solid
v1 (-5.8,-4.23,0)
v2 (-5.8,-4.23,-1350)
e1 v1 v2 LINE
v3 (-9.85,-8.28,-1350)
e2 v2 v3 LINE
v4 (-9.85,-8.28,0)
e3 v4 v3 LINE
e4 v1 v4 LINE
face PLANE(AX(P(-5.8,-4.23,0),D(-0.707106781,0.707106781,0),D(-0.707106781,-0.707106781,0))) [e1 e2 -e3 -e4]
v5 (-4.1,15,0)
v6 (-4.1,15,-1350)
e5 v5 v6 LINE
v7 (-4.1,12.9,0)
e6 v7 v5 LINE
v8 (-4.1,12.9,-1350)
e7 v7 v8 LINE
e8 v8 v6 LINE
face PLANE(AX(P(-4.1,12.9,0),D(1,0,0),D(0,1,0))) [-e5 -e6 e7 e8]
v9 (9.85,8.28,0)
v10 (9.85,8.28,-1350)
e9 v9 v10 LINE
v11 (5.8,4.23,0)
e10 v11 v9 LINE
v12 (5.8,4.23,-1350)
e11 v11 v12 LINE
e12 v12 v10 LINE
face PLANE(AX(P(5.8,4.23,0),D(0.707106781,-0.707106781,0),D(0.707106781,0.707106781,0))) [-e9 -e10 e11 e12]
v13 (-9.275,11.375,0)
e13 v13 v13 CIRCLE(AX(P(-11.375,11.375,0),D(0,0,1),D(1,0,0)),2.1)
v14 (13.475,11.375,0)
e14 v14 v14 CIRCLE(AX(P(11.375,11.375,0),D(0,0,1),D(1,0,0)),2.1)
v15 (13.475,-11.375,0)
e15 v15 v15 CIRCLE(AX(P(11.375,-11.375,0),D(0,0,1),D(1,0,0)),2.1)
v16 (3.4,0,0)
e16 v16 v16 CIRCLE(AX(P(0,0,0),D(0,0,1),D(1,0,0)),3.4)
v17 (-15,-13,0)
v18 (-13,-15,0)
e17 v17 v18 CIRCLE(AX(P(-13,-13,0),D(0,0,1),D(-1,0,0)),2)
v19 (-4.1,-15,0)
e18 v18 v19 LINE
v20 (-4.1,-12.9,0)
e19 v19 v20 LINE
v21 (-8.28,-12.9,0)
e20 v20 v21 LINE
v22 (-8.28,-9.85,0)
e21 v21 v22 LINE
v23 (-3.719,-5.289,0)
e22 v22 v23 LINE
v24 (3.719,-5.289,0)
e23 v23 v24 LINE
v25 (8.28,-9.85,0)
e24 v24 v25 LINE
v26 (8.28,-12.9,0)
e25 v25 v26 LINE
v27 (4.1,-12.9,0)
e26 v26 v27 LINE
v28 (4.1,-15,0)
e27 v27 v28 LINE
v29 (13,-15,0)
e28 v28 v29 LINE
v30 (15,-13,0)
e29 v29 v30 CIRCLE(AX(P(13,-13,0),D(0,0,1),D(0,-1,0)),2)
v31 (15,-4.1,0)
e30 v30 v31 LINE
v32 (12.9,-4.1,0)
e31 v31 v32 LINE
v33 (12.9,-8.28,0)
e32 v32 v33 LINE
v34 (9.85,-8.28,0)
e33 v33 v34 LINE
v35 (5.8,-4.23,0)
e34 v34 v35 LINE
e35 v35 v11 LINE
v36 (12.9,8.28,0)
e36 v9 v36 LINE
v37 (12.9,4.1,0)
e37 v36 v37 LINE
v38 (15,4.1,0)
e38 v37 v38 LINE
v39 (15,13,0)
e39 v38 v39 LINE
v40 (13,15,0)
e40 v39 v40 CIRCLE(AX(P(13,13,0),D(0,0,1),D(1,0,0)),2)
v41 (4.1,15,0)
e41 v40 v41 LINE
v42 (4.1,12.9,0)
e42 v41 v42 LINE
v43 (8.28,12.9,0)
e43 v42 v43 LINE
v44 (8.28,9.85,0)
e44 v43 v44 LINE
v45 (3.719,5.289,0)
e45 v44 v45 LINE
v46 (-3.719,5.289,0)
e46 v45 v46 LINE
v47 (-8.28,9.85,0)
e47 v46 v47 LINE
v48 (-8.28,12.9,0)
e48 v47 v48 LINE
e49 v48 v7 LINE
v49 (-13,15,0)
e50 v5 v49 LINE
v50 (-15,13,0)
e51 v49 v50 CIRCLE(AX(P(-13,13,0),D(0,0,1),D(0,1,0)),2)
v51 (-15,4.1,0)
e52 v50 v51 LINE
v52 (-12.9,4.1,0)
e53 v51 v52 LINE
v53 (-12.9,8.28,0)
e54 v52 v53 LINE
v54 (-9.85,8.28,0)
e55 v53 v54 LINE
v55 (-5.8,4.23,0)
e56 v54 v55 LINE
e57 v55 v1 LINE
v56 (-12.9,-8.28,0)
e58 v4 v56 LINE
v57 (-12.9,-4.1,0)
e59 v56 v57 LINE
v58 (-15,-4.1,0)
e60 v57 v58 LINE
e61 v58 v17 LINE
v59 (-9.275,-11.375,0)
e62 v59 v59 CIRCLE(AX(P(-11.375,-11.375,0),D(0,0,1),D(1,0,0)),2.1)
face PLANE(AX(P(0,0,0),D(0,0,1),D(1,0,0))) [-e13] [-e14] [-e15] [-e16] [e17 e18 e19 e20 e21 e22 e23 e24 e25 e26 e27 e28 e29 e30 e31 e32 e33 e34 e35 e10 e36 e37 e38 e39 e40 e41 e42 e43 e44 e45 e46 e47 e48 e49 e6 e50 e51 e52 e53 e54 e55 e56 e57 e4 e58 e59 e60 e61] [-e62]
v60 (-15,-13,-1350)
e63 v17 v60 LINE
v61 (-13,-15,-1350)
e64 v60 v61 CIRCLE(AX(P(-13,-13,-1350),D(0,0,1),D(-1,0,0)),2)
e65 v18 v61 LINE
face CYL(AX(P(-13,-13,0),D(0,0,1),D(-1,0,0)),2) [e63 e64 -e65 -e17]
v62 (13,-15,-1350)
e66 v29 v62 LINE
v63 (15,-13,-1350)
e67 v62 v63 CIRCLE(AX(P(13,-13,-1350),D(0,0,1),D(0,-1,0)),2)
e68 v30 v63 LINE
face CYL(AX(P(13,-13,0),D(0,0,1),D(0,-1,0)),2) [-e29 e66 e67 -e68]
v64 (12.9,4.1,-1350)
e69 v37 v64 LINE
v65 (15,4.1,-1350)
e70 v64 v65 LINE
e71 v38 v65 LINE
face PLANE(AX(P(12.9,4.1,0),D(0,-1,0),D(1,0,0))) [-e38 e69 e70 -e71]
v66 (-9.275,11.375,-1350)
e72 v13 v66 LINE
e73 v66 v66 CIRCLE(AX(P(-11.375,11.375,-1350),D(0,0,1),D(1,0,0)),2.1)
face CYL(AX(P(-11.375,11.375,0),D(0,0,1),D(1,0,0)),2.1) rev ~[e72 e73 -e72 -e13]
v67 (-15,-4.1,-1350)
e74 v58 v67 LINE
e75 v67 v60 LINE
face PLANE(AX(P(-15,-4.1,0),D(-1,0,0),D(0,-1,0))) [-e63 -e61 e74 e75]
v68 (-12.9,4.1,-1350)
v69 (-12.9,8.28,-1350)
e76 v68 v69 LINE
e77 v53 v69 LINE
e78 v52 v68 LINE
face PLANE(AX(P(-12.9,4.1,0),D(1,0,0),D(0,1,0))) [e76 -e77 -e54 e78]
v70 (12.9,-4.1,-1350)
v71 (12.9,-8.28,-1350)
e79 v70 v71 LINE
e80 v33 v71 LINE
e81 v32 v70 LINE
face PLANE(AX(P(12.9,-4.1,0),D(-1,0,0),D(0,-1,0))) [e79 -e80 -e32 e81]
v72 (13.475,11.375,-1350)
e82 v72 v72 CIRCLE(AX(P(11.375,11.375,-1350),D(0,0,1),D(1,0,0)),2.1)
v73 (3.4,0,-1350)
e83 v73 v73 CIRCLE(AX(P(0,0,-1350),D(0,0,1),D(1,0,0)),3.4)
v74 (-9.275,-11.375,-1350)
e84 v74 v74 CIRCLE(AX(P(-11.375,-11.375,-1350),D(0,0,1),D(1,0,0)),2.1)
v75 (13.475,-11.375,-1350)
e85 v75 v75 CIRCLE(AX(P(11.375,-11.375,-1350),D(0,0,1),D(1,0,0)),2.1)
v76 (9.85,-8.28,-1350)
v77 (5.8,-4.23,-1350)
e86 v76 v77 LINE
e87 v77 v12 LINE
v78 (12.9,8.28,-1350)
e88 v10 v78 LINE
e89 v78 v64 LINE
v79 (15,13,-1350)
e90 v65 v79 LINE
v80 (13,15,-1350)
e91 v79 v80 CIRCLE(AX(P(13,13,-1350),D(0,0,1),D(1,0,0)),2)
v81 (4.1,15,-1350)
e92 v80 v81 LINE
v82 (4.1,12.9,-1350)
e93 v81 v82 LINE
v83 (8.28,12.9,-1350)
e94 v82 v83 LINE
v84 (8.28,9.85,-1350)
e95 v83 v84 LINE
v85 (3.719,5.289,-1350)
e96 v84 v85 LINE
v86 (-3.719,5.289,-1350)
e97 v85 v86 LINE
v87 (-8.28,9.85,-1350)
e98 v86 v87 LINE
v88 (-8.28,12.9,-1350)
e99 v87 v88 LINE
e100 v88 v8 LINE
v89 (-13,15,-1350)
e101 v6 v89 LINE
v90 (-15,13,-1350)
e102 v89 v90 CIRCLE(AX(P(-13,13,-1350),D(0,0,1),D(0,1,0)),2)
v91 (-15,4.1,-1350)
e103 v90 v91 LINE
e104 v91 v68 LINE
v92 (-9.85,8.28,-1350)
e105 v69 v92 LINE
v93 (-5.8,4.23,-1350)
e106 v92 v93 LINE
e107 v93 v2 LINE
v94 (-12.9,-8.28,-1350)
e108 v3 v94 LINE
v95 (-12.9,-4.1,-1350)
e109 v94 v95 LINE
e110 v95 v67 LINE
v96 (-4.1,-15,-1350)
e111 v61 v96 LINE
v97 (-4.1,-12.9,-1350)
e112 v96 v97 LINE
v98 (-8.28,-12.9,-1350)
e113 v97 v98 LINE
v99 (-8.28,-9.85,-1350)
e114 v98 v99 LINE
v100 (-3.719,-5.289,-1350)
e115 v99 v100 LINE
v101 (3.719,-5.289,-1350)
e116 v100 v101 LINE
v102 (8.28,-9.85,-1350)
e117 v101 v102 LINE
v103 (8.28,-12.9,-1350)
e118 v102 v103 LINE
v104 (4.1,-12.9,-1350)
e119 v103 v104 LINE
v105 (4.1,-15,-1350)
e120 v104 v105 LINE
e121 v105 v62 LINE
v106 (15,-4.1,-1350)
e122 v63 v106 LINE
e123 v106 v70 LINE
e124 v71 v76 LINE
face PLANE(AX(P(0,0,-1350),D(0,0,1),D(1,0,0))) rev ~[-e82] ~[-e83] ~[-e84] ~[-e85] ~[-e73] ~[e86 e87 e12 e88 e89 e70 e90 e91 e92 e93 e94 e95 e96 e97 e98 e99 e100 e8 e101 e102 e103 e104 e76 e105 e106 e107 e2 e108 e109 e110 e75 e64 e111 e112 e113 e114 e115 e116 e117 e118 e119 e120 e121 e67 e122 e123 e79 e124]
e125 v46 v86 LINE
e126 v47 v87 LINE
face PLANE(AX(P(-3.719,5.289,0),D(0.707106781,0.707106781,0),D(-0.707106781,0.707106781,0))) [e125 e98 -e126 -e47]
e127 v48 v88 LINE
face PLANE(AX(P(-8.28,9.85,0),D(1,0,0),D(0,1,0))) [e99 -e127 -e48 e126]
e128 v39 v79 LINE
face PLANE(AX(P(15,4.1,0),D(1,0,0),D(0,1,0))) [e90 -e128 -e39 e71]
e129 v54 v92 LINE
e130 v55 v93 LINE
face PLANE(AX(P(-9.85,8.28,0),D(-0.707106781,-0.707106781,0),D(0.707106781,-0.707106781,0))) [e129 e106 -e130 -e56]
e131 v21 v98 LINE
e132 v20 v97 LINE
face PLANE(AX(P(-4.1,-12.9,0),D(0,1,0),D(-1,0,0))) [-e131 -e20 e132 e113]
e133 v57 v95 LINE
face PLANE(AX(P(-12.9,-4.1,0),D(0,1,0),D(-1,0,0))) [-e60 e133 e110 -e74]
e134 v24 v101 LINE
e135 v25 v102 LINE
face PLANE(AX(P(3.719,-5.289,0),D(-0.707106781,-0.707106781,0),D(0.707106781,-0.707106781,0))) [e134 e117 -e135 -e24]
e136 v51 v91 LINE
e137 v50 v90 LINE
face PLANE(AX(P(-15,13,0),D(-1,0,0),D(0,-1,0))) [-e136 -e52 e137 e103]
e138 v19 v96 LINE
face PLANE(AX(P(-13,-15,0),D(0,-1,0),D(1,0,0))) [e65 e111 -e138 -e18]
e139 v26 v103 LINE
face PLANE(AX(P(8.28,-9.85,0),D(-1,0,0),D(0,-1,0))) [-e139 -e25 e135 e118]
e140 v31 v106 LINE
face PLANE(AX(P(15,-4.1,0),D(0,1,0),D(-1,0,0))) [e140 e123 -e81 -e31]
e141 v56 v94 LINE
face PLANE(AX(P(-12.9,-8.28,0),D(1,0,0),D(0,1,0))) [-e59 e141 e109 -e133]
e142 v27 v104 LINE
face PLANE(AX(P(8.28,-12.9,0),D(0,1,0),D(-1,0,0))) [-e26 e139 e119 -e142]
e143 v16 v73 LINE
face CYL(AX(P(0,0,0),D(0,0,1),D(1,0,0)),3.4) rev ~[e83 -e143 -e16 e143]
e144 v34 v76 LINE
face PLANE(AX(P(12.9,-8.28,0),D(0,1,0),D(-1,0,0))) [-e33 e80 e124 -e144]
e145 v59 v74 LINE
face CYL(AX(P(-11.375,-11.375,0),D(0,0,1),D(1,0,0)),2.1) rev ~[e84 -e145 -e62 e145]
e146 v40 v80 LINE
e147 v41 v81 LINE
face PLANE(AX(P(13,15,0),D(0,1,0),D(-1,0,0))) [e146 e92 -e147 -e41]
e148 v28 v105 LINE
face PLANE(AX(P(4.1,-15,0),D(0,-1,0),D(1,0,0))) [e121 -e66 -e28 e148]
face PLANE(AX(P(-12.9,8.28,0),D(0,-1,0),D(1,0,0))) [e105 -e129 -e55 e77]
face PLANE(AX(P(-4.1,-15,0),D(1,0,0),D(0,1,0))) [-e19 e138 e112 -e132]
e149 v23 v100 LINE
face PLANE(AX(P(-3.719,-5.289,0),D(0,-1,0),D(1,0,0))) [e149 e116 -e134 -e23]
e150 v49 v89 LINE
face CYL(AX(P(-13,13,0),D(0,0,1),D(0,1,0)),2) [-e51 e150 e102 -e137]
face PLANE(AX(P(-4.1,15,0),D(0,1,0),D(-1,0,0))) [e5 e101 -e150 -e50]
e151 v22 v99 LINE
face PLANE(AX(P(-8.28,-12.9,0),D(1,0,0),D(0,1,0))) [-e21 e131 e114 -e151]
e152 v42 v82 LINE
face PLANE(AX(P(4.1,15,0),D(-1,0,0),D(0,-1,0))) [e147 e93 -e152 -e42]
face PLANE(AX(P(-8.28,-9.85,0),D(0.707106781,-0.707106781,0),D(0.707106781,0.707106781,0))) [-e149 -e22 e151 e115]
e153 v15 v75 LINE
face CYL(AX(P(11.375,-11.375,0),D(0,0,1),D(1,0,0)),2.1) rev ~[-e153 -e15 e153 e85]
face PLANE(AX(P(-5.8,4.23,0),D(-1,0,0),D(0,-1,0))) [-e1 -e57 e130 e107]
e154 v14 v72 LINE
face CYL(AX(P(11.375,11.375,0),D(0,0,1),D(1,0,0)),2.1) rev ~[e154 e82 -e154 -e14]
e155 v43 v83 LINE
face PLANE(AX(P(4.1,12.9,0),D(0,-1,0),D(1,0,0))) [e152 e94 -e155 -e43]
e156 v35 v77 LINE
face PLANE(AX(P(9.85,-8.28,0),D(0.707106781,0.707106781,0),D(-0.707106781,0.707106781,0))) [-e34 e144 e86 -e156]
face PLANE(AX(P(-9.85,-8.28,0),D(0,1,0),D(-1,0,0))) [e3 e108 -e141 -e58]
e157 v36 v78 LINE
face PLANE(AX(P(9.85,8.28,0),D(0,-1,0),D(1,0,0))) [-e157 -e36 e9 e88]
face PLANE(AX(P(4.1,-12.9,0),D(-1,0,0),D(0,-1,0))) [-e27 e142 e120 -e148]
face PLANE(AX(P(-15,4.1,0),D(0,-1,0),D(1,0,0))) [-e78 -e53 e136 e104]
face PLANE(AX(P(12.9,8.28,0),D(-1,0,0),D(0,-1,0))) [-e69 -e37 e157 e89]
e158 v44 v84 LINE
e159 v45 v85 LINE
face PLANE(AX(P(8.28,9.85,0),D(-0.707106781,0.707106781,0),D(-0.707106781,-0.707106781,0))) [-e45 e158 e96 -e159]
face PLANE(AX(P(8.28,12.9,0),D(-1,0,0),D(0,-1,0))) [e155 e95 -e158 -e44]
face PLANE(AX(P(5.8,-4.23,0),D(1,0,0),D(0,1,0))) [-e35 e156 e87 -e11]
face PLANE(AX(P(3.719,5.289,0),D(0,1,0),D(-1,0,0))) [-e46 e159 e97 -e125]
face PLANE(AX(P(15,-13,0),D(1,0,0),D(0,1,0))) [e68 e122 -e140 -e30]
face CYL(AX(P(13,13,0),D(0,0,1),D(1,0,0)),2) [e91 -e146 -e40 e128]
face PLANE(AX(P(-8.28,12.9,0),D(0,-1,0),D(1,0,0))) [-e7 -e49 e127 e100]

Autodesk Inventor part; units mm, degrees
ref_plane "YZ Plane" through (0, 0, 0) normal (1, 0, 0) x (0, 1, 0)
ref_plane "XZ Plane" through (0, 0, 0) normal (0, 1, 0) x (-1, 0, 0)
ref_plane "XY Plane" through (0, 0, 0) normal (0, 0, 1) x (1, 0, 0)
sketch "Sketch1" plane through (0, 0, 0) normal (0, 0, 1) x (1, 0, 0)
  circle A0 centre (-11.375, 11.375) radius 2.1
  circle A1 centre (-11.375, -11.375) radius 2.1
  line L0 (-15, 4.1) -> (-12.9, 4.1)
  line L1 (-12.9, 4.1) -> (-12.9, 8.28)
  line L2 (-12.9, 8.28) -> (-9.85, 8.28)
  line L3 (-9.85, 8.28) -> (-5.8, 4.23)
  line L4 (-5.8, 4.23) -> (-5.8, -4.23)
  line L5 (-5.8, -4.23) -> (-9.85, -8.28)
  line L6 (-9.85, -8.28) -> (-12.9, -8.28)
  line L7 (-12.9, -8.28) -> (-12.9, -4.1)
  line L8 (-12.9, -4.1) -> (-15, -4.1)
  line L9 (-15, -4.1) -> (-15, -13)
  arc A2 (-15, -13) -> (-13, -15) centre (-13, -13) ccw
  line L10 (-13, -15) -> (-4.1, -15)
  line L11 (-4.1, -15) -> (-4.1, -12.9)
  line L12 (-4.1, -12.9) -> (-8.28, -12.9)
  line L13 (-8.28, -12.9) -> (-8.28, -9.85)
  line L14 (-8.28, -9.85) -> (-3.719, -5.289)
  line L15 (-3.719, -5.289) -> (3.719, -5.289)
  line L16 (3.719, -5.289) -> (8.28, -9.85)
  line L17 (8.28, -9.85) -> (8.28, -12.9)
  line L18 (8.28, -12.9) -> (4.1, -12.9)
  line L19 (4.1, -12.9) -> (4.1, -15)
  line L20 (4.1, -15) -> (13, -15)
  arc A3 (13, -15) -> (15, -13) centre (13, -13) ccw
  line L21 (15, -13) -> (15, -4.1)
  line L22 (15, -4.1) -> (12.9, -4.1)
  line L23 (12.9, -4.1) -> (12.9, -8.28)
  line L24 (12.9, -8.28) -> (9.85, -8.28)
  line L25 (9.85, -8.28) -> (5.8, -4.23)
  line L26 (5.8, -4.23) -> (5.8, 4.23)
  line L27 (5.8, 4.23) -> (9.85, 8.28)
  line L28 (9.85, 8.28) -> (12.9, 8.28)
  line L29 (12.9, 8.28) -> (12.9, 4.1)
  line L30 (12.9, 4.1) -> (15, 4.1)
  line L31 (15, 4.1) -> (15, 13)
  arc A4 (15, 13) -> (13, 15) centre (13, 13) ccw
  line L32 (13, 15) -> (4.1, 15)
  line L33 (4.1, 15) -> (4.1, 12.9)
  line L34 (4.1, 12.9) -> (8.28, 12.9)
  line L35 (8.28, 12.9) -> (8.28, 9.85)
  line L36 (8.28, 9.85) -> (3.719, 5.289)
  line L37 (3.719, 5.289) -> (-3.719, 5.289)
  line L38 (-3.719, 5.289) -> (-8.28, 9.85)
  line L39 (-8.28, 9.85) -> (-8.28, 12.9)
  line L40 (-8.28, 12.9) -> (-4.1, 12.9)
  line L41 (-4.1, 12.9) -> (-4.1, 15)
  line L42 (-4.1, 15) -> (-13, 15)
  arc A5 (-13, 15) -> (-15, 13) centre (-13, 13) ccw
  line L43 (-15, 13) -> (-15, 4.1)
  circle A6 centre (0, 0) radius 3.4
  circle A7 centre (11.375, 11.375) radius 2.1
  circle A8 centre (11.375, -11.375) radius 2.1
extrude "Extrusion1" add sketch "Sketch1" against normal blind 1350
sketch "Sketch2" plane through (0, 0, 0) normal (0, 0, 1) x (1, 0, 0)
  point P0 (0, 0)
properties part number "Metal_Profile 135cm" material "Aluminum 6061-AHC"
